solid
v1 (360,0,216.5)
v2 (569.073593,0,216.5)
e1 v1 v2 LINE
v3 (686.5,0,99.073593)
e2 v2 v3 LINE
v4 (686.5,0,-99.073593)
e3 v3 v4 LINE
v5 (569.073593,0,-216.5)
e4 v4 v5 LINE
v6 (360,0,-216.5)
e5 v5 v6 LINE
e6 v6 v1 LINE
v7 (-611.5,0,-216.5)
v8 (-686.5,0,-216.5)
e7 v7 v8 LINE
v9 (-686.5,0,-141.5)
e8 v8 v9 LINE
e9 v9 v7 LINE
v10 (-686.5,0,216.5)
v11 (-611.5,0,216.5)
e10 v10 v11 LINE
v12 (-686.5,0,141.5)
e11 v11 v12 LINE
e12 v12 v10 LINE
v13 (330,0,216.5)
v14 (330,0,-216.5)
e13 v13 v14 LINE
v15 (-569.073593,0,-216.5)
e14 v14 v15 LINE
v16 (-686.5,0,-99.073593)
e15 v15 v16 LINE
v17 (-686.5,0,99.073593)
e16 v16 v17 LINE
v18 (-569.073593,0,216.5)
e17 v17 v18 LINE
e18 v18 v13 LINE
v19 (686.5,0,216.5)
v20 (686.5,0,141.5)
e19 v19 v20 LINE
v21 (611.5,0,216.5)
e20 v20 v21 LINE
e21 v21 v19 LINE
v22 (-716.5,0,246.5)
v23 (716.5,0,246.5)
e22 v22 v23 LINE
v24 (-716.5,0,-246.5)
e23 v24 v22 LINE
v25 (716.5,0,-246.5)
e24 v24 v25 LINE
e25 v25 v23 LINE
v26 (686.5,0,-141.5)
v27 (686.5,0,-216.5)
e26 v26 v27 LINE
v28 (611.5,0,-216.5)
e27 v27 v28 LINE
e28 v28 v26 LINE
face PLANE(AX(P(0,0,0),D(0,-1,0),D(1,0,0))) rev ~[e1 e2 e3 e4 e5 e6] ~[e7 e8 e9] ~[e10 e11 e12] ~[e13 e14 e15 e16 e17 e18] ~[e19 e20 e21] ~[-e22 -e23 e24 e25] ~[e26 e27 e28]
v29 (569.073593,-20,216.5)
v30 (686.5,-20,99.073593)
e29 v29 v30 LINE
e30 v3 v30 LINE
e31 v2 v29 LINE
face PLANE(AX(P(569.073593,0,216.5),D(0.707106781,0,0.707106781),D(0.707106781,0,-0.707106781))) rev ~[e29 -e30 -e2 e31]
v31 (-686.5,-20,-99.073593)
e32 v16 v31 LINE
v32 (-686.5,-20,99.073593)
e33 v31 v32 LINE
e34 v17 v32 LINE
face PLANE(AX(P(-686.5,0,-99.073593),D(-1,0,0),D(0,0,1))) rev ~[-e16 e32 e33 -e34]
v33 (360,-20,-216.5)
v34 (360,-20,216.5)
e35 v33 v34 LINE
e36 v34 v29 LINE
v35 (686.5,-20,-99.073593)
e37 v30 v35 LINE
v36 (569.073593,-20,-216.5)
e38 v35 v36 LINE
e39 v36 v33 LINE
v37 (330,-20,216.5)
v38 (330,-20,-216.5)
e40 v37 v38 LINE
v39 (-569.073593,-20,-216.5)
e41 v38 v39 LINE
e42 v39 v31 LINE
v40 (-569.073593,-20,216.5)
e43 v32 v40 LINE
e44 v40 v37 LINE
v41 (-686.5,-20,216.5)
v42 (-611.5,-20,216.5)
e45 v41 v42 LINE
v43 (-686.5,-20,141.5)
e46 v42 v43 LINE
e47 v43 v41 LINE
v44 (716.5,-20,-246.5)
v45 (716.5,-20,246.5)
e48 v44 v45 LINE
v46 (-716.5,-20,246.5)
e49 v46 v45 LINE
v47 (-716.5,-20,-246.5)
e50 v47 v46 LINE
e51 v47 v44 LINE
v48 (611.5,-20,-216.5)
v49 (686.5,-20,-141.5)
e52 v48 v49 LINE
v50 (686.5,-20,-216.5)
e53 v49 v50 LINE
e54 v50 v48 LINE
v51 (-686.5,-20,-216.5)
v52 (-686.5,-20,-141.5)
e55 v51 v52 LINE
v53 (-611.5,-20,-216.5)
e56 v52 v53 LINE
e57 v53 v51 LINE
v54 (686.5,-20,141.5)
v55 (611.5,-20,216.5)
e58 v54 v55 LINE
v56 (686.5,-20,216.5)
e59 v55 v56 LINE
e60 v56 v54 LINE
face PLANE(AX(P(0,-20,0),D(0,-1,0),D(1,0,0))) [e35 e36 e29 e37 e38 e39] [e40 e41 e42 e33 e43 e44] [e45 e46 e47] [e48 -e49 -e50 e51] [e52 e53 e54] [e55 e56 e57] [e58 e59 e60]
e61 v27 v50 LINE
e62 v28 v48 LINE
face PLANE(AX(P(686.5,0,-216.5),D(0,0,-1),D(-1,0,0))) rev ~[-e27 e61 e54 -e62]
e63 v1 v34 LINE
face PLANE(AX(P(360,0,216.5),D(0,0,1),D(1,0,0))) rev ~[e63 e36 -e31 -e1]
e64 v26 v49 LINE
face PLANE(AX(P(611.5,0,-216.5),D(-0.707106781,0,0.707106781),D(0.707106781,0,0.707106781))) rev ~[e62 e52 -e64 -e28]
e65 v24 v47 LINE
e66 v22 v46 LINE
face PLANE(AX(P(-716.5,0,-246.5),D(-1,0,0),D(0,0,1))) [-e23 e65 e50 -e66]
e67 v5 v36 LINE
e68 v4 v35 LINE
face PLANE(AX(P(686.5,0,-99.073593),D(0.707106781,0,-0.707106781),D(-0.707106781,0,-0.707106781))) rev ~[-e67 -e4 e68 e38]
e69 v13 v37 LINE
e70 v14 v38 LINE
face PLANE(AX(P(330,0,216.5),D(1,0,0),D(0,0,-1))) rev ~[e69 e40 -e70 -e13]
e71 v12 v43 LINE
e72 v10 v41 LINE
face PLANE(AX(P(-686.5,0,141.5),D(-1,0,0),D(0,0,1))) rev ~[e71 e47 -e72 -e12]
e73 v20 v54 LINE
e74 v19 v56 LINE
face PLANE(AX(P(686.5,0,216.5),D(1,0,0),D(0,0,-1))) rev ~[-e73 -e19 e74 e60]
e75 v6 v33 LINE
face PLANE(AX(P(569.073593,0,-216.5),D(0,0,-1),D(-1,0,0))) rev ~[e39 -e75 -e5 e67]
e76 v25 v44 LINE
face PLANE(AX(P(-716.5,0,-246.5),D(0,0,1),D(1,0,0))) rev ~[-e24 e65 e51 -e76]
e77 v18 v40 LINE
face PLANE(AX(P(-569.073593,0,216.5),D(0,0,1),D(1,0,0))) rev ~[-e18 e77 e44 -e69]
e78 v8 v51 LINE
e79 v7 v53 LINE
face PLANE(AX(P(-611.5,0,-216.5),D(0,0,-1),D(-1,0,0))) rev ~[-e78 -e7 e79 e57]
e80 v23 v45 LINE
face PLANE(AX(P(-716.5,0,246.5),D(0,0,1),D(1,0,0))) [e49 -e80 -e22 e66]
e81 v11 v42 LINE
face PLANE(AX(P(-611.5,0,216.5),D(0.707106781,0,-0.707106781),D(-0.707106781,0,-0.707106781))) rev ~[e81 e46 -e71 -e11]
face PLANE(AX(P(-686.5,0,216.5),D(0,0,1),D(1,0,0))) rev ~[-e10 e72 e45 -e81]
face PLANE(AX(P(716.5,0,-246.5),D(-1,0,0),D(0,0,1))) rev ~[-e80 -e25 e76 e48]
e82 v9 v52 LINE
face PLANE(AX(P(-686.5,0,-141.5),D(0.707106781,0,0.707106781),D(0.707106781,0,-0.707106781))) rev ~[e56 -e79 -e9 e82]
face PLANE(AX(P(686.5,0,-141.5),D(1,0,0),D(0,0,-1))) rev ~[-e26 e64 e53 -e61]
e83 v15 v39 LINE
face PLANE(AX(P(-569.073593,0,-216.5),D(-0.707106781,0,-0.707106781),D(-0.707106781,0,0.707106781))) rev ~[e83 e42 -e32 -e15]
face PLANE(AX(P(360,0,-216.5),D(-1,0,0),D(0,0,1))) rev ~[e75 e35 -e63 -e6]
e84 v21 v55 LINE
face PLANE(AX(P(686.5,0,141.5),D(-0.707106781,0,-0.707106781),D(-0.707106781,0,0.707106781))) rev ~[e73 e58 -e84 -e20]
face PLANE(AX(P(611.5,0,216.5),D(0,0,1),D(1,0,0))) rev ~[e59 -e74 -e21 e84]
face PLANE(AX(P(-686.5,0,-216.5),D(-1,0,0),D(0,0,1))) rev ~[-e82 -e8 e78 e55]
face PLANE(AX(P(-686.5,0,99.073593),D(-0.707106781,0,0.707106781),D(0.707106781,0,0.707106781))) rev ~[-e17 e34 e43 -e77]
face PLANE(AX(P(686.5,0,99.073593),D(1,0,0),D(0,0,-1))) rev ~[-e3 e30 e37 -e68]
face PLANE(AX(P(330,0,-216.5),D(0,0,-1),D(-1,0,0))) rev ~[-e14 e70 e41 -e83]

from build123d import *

# Parameters (mm, degrees)
F0_W     = 1433
F0_H     = 493
F1_DEPTH = 20


with BuildPart() as f1:
    # F0 (on Front) → F1 (new body)
    with BuildSketch(Plane.XZ):
        Rectangle(F0_W, F0_H)
        Polygon((-611.5, -216.5), (-686.5, -216.5), (-686.5, -141.5), align=None, mode=Mode.SUBTRACT)
        Polygon((686.5, -141.5), (686.5, -216.5), (611.5, -216.5), align=None, mode=Mode.SUBTRACT)
        Polygon((-569.073593, 216.5), (330, 216.5), (330, -216.5), (-569.073593, -216.5), (-686.5, -99.073593), (-686.5, 99.073593), align=None, mode=Mode.SUBTRACT)
        Polygon((-611.5, 216.5), (-686.5, 141.5), (-686.5, 216.5), align=None, mode=Mode.SUBTRACT)
        Polygon((569.073593, -216.5), (360, -216.5), (360, 216.5), (569.073593, 216.5), (686.5, 99.073593), (686.5, -99.073593), align=None, mode=Mode.SUBTRACT)
        Polygon((611.5, 216.5), (686.5, 216.5), (686.5, 141.5), align=None, mode=Mode.SUBTRACT)
    extrude(amount=F1_DEPTH)


solid = f1.part
